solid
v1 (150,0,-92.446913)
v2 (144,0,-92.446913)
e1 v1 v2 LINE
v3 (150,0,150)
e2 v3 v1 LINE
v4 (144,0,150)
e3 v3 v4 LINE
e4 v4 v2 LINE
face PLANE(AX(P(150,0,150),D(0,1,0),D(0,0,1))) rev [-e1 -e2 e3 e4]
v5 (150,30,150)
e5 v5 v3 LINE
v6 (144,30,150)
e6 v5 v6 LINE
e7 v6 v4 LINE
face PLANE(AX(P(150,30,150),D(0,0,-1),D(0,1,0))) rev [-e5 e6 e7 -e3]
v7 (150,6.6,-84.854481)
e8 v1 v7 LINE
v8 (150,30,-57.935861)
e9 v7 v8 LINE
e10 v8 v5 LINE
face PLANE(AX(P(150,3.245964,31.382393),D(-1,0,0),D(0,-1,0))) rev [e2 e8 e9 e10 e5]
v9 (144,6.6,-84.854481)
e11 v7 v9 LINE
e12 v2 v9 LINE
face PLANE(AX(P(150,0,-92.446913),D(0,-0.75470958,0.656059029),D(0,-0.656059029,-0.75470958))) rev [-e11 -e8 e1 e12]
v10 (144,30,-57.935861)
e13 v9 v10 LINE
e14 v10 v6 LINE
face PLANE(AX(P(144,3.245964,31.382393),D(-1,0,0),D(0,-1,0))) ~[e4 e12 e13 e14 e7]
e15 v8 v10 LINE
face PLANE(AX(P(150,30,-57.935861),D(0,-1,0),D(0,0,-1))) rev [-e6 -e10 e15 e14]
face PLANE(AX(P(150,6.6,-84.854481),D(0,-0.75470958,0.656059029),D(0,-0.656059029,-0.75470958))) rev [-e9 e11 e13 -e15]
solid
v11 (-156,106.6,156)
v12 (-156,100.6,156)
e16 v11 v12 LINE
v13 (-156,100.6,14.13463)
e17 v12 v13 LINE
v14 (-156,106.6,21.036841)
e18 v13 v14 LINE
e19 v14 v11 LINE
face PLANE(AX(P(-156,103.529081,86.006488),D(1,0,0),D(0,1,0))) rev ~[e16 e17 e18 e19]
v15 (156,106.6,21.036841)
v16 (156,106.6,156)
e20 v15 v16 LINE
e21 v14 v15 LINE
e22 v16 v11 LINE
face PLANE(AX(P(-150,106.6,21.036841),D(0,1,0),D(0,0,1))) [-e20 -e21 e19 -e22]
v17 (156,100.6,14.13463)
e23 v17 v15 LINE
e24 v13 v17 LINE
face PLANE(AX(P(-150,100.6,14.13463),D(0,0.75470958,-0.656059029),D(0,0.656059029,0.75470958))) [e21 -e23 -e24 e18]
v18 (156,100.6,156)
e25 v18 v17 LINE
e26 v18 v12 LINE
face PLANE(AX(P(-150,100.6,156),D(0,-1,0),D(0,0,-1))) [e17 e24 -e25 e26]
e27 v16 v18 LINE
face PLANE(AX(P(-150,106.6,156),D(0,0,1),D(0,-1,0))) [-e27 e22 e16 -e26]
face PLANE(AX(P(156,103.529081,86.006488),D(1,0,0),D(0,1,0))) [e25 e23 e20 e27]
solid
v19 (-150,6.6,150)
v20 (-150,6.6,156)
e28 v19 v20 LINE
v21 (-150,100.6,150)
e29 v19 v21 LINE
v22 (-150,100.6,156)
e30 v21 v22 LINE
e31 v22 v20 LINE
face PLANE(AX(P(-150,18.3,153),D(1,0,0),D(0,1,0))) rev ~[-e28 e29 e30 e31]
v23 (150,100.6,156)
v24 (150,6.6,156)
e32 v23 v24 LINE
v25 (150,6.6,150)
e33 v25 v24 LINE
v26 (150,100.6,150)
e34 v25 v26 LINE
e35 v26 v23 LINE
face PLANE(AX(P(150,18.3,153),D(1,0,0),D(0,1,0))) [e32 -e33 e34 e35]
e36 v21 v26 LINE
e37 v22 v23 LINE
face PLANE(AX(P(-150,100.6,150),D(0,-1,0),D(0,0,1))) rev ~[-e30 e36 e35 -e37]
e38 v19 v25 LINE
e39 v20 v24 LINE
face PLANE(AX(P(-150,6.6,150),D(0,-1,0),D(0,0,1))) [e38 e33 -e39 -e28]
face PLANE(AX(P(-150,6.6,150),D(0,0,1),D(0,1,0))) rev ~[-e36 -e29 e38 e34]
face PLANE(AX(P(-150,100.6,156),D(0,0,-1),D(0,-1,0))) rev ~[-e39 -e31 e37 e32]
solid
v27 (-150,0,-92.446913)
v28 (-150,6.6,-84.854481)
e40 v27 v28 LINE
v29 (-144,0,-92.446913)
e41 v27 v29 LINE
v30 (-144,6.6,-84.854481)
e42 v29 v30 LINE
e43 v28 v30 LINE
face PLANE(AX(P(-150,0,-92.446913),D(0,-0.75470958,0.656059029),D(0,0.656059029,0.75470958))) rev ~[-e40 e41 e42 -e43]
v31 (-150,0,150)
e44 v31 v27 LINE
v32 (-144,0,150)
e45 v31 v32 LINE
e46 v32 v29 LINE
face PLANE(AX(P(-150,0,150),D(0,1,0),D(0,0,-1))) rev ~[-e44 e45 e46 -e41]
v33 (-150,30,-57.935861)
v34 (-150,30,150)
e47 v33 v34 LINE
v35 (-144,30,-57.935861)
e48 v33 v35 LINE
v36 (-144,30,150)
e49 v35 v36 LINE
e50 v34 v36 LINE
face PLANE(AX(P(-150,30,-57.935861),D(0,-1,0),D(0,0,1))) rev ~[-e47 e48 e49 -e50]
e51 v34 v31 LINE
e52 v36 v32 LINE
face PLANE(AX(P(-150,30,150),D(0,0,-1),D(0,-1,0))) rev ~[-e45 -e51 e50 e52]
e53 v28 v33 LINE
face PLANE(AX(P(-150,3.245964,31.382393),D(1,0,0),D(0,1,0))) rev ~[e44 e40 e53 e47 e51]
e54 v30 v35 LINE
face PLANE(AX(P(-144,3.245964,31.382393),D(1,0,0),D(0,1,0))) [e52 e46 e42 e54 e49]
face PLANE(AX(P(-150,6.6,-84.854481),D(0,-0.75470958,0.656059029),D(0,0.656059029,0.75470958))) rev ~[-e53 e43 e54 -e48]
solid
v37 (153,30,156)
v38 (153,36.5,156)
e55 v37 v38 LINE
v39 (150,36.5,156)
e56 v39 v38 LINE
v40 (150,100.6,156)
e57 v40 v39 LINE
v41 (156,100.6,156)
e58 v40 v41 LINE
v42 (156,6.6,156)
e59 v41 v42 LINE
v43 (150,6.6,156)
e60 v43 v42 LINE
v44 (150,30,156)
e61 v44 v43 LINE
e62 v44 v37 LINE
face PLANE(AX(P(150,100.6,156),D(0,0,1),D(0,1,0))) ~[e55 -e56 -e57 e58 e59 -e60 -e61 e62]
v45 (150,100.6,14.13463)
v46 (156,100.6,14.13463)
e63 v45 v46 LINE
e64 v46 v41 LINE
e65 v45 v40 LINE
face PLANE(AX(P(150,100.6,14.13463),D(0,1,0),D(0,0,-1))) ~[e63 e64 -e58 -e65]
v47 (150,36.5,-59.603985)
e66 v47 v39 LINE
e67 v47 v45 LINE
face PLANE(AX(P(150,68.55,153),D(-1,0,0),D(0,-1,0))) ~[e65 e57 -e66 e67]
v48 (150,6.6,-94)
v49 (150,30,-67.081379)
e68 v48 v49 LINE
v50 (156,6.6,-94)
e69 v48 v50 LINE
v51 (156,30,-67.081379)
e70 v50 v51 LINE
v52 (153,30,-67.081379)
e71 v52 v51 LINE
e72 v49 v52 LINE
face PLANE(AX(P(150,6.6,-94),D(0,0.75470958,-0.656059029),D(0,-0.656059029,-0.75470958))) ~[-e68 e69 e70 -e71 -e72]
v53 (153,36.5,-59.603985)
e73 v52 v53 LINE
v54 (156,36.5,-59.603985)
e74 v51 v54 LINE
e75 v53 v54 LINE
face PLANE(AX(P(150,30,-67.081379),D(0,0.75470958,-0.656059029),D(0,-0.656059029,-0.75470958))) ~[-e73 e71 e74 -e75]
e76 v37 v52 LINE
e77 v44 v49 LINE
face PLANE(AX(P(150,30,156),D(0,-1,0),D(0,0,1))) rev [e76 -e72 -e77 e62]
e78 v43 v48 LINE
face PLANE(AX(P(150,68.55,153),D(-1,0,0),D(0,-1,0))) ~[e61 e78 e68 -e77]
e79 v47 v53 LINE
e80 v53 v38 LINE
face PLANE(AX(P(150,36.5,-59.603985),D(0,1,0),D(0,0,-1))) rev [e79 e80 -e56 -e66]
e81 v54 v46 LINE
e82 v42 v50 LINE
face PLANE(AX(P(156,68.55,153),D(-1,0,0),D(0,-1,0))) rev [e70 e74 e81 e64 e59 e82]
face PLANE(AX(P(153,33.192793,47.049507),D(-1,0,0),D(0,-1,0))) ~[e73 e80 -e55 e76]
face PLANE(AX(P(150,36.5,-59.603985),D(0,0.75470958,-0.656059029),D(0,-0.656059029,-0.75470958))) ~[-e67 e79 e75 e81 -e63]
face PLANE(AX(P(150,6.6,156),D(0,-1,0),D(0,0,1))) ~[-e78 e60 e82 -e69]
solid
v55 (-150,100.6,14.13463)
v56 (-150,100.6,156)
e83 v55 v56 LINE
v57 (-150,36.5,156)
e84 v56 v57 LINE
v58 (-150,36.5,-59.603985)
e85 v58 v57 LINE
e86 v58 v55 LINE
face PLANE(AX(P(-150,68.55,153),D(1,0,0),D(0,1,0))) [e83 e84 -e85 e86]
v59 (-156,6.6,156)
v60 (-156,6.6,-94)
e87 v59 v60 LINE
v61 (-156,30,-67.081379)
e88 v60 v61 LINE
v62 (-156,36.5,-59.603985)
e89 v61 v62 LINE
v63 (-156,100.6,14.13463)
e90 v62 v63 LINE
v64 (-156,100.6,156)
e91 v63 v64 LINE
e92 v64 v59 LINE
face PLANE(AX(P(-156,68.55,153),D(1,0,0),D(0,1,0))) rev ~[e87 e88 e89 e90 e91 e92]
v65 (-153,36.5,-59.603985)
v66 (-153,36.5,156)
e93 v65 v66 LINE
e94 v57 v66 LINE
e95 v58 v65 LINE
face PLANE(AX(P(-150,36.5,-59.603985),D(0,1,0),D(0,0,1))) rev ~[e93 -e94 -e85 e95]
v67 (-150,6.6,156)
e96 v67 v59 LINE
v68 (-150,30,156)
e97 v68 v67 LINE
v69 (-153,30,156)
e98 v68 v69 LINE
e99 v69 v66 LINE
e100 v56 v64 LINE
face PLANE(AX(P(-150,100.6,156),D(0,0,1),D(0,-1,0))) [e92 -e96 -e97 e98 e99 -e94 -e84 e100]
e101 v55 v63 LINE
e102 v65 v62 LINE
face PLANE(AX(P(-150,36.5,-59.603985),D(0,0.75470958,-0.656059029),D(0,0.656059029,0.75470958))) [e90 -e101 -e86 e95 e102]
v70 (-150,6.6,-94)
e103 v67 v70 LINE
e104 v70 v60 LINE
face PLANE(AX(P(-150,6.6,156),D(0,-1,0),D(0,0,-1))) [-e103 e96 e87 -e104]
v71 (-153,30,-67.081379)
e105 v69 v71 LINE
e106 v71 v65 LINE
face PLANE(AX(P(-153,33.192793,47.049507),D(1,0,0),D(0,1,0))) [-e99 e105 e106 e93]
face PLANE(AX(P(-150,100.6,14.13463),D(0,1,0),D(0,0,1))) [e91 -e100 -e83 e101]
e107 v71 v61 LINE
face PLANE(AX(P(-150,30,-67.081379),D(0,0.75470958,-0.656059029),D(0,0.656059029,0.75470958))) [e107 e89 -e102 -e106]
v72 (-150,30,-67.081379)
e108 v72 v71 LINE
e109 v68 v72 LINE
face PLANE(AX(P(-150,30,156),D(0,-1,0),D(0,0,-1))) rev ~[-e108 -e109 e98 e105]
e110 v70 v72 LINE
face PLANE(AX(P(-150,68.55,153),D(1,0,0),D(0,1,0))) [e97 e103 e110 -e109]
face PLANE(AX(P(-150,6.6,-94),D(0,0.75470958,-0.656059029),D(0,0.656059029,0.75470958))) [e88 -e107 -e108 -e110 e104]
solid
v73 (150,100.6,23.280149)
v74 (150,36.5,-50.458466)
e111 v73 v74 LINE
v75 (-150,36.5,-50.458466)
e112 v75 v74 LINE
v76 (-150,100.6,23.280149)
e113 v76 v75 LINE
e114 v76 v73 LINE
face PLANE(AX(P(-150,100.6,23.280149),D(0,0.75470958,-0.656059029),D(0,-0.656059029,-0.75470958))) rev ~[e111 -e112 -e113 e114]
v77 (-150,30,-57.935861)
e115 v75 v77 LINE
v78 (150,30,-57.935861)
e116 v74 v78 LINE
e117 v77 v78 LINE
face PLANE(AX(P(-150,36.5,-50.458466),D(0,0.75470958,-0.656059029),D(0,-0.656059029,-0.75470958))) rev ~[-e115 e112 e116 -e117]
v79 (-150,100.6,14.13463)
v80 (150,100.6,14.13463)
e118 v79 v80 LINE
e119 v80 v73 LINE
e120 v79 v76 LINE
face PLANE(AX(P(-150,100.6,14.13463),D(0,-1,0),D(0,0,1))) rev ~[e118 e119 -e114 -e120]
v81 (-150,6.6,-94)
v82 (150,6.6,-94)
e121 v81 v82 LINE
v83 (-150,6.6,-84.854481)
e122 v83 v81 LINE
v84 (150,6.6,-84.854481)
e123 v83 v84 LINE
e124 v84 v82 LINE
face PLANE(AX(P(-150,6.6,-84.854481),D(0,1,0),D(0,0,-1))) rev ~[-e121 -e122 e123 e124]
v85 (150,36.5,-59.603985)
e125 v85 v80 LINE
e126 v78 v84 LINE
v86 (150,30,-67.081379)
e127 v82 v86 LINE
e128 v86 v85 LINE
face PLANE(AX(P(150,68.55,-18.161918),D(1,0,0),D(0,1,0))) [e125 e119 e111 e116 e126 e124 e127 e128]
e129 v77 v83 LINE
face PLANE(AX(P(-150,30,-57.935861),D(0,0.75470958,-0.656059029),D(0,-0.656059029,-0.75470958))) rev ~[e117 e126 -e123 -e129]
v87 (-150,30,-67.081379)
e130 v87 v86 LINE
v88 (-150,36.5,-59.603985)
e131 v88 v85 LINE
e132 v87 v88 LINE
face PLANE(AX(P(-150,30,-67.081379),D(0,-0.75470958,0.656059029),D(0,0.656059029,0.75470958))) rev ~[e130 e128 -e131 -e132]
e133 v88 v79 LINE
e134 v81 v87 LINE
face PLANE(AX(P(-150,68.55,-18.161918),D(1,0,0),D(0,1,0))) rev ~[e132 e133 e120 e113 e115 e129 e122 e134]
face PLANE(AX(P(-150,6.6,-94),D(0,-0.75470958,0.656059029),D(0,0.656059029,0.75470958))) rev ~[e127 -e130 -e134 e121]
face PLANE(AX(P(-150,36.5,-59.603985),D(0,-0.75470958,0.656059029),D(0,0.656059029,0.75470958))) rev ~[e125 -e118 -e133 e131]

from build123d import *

# Parameters (mm, degrees)
F2_W          = 64.1
F2_H          = 6
F2_W_2        = 23.4
F2_W_3        = 6.5
F3_DEPTH      = 6
F4_DEPTH      = 3
F2_W_4        = 6.6
F5_DEPTH      = 6
F7_DEPTH      = 306
F7_DEPTH_BACK = 6
F8_DEPTH      = 300


with BuildPart() as f3:
    # F2 (on plane+point) → F3 (new body)
    with BuildSketch(Plane.YZ.offset(-150)):
        with Locations((68.55, 153)):
            Rectangle(F2_W, F2_H)
        Polygon((100.6, 150), (36.5, 150), (36.5, -50.4584661039), (100.6, 23.280148799), align=None)
        Polygon((100.6, 23.280148799), (36.5, -50.4584661039), (36.5, -59.6039846241), (100.6, 14.1346302788), align=None)
        with Locations((18.3, 153)):
            Rectangle(F2_W_2, F2_H)
        Polygon((36.5, 150), (30, 150), (30, 144), (30, -48.7903422306), (30, -57.9358607508), (36.5, -50.4584661039), align=None)
        with Locations((33.25, 153)):
            Rectangle(F2_W_3, F2_H)
        Polygon((36.5, -59.6039846241), (36.5, -50.4584661039), (30, -57.9358607508), (30, -67.081379271), align=None)
        Polygon((30, -57.9358607508), (6.6, -84.8544814798), (6.6, -92.4469129674), (6.6, -94), (30, -67.081379271), align=None)
        Polygon((30, 144), (6.6, 144), (6.6, -75.7089629595), (30, -48.7903422306), align=None)
        with Locations((18.3, 147)):
            Rectangle(F2_W_2, F2_H)
        Polygon((30, -48.7903422306), (6.6, -75.7089629595), (6.6, -84.8544814798), (30, -57.9358607508), align=None)
    extrude(amount=-F3_DEPTH)

    # F2 (on plane+point) → F4 (cut)
    with BuildSketch(Plane.YZ.offset(-150)):
        Polygon((36.5, 150), (30, 150), (30, 144), (30, -48.7903422306), (30, -57.9358607508), (36.5, -50.4584661039), align=None)
        with Locations((33.25, 153)):
            Rectangle(F2_W_3, F2_H)
        Polygon((36.5, -59.6039846241), (36.5, -50.4584661039), (30, -57.9358607508), (30, -67.081379271), align=None)
    extrude(amount=-F4_DEPTH, mode=Mode.SUBTRACT)


with BuildPart() as f5:
    # F2 (on plane+point) → F5 (new body)
    with BuildSketch(Plane.YZ.offset(-150)):
        Polygon((6.6, 144), (0, 144), (0, -83.3013944472), (6.6, -75.7089629595), align=None)
        with Locations((3.3, 147)):
            Rectangle(F2_W_4, F2_H)
        with Locations((18.3, 147)):
            Rectangle(F2_W_2, F2_H)
        Polygon((30, 144), (6.6, 144), (6.6, -75.7089629595), (30, -48.7903422306), align=None)
        Polygon((30, -48.7903422306), (6.6, -75.7089629595), (6.6, -84.8544814798), (30, -57.9358607508), align=None)
        Polygon((6.6, -75.7089629595), (0, -83.3013944472), (0, -92.4469129674), (6.6, -84.8544814798), align=None)
    extrude(amount=F5_DEPTH)


with BuildPart() as f6_1:
    # F6: instance of F3
    add(f3.part.mirror(Plane.YZ))


with BuildPart() as f6_2:
    # F6: instance of F5
    add(f5.part.mirror(Plane.YZ))


with BuildPart() as f7:
    # F2 (on plane+point) → F7 (new body, two sides)
    with BuildSketch(Plane.YZ.offset(-150)) as f7_sk:
        Polygon((100.6, 156), (100.6, 150), (100.6, 23.280148799), (100.6, 14.1346302788), (106.6, 21.0368407221), (106.6, 156), align=None)
    extrude(amount=F7_DEPTH)
    extrude(f7_sk.sketch, amount=-F7_DEPTH_BACK)


with BuildPart() as f8:
    # F2 (on plane+point) → F8 (new body, through all)
    with BuildSketch(Plane.YZ.offset(-150)):
        Polygon((100.6, 23.280148799), (36.5, -50.4584661039), (36.5, -59.6039846241), (100.6, 14.1346302788), align=None)
        Polygon((36.5, -59.6039846241), (36.5, -50.4584661039), (30, -57.9358607508), (30, -67.081379271), align=None)
        Polygon((30, -57.9358607508), (6.6, -84.8544814798), (6.6, -92.4469129674), (6.6, -94), (30, -67.081379271), align=None)
    extrude(amount=F8_DEPTH)


with BuildPart() as f8b:
    # F2 (on plane+point) → F8, piece 2 (new body, through all)
    with BuildSketch(Plane.YZ.offset(-150)):
        with Locations((18.3, 153)):
            Rectangle(F2_W_2, F2_H)
        with Locations((33.25, 153)):
            Rectangle(F2_W_3, F2_H)
        with Locations((68.55, 153)):
            Rectangle(F2_W, F2_H)
    extrude(amount=F8_DEPTH)


solid = Compound([f3.part, f5.part, f6_1.part, f6_2.part, f7.part, f8.part, f8b.part])
